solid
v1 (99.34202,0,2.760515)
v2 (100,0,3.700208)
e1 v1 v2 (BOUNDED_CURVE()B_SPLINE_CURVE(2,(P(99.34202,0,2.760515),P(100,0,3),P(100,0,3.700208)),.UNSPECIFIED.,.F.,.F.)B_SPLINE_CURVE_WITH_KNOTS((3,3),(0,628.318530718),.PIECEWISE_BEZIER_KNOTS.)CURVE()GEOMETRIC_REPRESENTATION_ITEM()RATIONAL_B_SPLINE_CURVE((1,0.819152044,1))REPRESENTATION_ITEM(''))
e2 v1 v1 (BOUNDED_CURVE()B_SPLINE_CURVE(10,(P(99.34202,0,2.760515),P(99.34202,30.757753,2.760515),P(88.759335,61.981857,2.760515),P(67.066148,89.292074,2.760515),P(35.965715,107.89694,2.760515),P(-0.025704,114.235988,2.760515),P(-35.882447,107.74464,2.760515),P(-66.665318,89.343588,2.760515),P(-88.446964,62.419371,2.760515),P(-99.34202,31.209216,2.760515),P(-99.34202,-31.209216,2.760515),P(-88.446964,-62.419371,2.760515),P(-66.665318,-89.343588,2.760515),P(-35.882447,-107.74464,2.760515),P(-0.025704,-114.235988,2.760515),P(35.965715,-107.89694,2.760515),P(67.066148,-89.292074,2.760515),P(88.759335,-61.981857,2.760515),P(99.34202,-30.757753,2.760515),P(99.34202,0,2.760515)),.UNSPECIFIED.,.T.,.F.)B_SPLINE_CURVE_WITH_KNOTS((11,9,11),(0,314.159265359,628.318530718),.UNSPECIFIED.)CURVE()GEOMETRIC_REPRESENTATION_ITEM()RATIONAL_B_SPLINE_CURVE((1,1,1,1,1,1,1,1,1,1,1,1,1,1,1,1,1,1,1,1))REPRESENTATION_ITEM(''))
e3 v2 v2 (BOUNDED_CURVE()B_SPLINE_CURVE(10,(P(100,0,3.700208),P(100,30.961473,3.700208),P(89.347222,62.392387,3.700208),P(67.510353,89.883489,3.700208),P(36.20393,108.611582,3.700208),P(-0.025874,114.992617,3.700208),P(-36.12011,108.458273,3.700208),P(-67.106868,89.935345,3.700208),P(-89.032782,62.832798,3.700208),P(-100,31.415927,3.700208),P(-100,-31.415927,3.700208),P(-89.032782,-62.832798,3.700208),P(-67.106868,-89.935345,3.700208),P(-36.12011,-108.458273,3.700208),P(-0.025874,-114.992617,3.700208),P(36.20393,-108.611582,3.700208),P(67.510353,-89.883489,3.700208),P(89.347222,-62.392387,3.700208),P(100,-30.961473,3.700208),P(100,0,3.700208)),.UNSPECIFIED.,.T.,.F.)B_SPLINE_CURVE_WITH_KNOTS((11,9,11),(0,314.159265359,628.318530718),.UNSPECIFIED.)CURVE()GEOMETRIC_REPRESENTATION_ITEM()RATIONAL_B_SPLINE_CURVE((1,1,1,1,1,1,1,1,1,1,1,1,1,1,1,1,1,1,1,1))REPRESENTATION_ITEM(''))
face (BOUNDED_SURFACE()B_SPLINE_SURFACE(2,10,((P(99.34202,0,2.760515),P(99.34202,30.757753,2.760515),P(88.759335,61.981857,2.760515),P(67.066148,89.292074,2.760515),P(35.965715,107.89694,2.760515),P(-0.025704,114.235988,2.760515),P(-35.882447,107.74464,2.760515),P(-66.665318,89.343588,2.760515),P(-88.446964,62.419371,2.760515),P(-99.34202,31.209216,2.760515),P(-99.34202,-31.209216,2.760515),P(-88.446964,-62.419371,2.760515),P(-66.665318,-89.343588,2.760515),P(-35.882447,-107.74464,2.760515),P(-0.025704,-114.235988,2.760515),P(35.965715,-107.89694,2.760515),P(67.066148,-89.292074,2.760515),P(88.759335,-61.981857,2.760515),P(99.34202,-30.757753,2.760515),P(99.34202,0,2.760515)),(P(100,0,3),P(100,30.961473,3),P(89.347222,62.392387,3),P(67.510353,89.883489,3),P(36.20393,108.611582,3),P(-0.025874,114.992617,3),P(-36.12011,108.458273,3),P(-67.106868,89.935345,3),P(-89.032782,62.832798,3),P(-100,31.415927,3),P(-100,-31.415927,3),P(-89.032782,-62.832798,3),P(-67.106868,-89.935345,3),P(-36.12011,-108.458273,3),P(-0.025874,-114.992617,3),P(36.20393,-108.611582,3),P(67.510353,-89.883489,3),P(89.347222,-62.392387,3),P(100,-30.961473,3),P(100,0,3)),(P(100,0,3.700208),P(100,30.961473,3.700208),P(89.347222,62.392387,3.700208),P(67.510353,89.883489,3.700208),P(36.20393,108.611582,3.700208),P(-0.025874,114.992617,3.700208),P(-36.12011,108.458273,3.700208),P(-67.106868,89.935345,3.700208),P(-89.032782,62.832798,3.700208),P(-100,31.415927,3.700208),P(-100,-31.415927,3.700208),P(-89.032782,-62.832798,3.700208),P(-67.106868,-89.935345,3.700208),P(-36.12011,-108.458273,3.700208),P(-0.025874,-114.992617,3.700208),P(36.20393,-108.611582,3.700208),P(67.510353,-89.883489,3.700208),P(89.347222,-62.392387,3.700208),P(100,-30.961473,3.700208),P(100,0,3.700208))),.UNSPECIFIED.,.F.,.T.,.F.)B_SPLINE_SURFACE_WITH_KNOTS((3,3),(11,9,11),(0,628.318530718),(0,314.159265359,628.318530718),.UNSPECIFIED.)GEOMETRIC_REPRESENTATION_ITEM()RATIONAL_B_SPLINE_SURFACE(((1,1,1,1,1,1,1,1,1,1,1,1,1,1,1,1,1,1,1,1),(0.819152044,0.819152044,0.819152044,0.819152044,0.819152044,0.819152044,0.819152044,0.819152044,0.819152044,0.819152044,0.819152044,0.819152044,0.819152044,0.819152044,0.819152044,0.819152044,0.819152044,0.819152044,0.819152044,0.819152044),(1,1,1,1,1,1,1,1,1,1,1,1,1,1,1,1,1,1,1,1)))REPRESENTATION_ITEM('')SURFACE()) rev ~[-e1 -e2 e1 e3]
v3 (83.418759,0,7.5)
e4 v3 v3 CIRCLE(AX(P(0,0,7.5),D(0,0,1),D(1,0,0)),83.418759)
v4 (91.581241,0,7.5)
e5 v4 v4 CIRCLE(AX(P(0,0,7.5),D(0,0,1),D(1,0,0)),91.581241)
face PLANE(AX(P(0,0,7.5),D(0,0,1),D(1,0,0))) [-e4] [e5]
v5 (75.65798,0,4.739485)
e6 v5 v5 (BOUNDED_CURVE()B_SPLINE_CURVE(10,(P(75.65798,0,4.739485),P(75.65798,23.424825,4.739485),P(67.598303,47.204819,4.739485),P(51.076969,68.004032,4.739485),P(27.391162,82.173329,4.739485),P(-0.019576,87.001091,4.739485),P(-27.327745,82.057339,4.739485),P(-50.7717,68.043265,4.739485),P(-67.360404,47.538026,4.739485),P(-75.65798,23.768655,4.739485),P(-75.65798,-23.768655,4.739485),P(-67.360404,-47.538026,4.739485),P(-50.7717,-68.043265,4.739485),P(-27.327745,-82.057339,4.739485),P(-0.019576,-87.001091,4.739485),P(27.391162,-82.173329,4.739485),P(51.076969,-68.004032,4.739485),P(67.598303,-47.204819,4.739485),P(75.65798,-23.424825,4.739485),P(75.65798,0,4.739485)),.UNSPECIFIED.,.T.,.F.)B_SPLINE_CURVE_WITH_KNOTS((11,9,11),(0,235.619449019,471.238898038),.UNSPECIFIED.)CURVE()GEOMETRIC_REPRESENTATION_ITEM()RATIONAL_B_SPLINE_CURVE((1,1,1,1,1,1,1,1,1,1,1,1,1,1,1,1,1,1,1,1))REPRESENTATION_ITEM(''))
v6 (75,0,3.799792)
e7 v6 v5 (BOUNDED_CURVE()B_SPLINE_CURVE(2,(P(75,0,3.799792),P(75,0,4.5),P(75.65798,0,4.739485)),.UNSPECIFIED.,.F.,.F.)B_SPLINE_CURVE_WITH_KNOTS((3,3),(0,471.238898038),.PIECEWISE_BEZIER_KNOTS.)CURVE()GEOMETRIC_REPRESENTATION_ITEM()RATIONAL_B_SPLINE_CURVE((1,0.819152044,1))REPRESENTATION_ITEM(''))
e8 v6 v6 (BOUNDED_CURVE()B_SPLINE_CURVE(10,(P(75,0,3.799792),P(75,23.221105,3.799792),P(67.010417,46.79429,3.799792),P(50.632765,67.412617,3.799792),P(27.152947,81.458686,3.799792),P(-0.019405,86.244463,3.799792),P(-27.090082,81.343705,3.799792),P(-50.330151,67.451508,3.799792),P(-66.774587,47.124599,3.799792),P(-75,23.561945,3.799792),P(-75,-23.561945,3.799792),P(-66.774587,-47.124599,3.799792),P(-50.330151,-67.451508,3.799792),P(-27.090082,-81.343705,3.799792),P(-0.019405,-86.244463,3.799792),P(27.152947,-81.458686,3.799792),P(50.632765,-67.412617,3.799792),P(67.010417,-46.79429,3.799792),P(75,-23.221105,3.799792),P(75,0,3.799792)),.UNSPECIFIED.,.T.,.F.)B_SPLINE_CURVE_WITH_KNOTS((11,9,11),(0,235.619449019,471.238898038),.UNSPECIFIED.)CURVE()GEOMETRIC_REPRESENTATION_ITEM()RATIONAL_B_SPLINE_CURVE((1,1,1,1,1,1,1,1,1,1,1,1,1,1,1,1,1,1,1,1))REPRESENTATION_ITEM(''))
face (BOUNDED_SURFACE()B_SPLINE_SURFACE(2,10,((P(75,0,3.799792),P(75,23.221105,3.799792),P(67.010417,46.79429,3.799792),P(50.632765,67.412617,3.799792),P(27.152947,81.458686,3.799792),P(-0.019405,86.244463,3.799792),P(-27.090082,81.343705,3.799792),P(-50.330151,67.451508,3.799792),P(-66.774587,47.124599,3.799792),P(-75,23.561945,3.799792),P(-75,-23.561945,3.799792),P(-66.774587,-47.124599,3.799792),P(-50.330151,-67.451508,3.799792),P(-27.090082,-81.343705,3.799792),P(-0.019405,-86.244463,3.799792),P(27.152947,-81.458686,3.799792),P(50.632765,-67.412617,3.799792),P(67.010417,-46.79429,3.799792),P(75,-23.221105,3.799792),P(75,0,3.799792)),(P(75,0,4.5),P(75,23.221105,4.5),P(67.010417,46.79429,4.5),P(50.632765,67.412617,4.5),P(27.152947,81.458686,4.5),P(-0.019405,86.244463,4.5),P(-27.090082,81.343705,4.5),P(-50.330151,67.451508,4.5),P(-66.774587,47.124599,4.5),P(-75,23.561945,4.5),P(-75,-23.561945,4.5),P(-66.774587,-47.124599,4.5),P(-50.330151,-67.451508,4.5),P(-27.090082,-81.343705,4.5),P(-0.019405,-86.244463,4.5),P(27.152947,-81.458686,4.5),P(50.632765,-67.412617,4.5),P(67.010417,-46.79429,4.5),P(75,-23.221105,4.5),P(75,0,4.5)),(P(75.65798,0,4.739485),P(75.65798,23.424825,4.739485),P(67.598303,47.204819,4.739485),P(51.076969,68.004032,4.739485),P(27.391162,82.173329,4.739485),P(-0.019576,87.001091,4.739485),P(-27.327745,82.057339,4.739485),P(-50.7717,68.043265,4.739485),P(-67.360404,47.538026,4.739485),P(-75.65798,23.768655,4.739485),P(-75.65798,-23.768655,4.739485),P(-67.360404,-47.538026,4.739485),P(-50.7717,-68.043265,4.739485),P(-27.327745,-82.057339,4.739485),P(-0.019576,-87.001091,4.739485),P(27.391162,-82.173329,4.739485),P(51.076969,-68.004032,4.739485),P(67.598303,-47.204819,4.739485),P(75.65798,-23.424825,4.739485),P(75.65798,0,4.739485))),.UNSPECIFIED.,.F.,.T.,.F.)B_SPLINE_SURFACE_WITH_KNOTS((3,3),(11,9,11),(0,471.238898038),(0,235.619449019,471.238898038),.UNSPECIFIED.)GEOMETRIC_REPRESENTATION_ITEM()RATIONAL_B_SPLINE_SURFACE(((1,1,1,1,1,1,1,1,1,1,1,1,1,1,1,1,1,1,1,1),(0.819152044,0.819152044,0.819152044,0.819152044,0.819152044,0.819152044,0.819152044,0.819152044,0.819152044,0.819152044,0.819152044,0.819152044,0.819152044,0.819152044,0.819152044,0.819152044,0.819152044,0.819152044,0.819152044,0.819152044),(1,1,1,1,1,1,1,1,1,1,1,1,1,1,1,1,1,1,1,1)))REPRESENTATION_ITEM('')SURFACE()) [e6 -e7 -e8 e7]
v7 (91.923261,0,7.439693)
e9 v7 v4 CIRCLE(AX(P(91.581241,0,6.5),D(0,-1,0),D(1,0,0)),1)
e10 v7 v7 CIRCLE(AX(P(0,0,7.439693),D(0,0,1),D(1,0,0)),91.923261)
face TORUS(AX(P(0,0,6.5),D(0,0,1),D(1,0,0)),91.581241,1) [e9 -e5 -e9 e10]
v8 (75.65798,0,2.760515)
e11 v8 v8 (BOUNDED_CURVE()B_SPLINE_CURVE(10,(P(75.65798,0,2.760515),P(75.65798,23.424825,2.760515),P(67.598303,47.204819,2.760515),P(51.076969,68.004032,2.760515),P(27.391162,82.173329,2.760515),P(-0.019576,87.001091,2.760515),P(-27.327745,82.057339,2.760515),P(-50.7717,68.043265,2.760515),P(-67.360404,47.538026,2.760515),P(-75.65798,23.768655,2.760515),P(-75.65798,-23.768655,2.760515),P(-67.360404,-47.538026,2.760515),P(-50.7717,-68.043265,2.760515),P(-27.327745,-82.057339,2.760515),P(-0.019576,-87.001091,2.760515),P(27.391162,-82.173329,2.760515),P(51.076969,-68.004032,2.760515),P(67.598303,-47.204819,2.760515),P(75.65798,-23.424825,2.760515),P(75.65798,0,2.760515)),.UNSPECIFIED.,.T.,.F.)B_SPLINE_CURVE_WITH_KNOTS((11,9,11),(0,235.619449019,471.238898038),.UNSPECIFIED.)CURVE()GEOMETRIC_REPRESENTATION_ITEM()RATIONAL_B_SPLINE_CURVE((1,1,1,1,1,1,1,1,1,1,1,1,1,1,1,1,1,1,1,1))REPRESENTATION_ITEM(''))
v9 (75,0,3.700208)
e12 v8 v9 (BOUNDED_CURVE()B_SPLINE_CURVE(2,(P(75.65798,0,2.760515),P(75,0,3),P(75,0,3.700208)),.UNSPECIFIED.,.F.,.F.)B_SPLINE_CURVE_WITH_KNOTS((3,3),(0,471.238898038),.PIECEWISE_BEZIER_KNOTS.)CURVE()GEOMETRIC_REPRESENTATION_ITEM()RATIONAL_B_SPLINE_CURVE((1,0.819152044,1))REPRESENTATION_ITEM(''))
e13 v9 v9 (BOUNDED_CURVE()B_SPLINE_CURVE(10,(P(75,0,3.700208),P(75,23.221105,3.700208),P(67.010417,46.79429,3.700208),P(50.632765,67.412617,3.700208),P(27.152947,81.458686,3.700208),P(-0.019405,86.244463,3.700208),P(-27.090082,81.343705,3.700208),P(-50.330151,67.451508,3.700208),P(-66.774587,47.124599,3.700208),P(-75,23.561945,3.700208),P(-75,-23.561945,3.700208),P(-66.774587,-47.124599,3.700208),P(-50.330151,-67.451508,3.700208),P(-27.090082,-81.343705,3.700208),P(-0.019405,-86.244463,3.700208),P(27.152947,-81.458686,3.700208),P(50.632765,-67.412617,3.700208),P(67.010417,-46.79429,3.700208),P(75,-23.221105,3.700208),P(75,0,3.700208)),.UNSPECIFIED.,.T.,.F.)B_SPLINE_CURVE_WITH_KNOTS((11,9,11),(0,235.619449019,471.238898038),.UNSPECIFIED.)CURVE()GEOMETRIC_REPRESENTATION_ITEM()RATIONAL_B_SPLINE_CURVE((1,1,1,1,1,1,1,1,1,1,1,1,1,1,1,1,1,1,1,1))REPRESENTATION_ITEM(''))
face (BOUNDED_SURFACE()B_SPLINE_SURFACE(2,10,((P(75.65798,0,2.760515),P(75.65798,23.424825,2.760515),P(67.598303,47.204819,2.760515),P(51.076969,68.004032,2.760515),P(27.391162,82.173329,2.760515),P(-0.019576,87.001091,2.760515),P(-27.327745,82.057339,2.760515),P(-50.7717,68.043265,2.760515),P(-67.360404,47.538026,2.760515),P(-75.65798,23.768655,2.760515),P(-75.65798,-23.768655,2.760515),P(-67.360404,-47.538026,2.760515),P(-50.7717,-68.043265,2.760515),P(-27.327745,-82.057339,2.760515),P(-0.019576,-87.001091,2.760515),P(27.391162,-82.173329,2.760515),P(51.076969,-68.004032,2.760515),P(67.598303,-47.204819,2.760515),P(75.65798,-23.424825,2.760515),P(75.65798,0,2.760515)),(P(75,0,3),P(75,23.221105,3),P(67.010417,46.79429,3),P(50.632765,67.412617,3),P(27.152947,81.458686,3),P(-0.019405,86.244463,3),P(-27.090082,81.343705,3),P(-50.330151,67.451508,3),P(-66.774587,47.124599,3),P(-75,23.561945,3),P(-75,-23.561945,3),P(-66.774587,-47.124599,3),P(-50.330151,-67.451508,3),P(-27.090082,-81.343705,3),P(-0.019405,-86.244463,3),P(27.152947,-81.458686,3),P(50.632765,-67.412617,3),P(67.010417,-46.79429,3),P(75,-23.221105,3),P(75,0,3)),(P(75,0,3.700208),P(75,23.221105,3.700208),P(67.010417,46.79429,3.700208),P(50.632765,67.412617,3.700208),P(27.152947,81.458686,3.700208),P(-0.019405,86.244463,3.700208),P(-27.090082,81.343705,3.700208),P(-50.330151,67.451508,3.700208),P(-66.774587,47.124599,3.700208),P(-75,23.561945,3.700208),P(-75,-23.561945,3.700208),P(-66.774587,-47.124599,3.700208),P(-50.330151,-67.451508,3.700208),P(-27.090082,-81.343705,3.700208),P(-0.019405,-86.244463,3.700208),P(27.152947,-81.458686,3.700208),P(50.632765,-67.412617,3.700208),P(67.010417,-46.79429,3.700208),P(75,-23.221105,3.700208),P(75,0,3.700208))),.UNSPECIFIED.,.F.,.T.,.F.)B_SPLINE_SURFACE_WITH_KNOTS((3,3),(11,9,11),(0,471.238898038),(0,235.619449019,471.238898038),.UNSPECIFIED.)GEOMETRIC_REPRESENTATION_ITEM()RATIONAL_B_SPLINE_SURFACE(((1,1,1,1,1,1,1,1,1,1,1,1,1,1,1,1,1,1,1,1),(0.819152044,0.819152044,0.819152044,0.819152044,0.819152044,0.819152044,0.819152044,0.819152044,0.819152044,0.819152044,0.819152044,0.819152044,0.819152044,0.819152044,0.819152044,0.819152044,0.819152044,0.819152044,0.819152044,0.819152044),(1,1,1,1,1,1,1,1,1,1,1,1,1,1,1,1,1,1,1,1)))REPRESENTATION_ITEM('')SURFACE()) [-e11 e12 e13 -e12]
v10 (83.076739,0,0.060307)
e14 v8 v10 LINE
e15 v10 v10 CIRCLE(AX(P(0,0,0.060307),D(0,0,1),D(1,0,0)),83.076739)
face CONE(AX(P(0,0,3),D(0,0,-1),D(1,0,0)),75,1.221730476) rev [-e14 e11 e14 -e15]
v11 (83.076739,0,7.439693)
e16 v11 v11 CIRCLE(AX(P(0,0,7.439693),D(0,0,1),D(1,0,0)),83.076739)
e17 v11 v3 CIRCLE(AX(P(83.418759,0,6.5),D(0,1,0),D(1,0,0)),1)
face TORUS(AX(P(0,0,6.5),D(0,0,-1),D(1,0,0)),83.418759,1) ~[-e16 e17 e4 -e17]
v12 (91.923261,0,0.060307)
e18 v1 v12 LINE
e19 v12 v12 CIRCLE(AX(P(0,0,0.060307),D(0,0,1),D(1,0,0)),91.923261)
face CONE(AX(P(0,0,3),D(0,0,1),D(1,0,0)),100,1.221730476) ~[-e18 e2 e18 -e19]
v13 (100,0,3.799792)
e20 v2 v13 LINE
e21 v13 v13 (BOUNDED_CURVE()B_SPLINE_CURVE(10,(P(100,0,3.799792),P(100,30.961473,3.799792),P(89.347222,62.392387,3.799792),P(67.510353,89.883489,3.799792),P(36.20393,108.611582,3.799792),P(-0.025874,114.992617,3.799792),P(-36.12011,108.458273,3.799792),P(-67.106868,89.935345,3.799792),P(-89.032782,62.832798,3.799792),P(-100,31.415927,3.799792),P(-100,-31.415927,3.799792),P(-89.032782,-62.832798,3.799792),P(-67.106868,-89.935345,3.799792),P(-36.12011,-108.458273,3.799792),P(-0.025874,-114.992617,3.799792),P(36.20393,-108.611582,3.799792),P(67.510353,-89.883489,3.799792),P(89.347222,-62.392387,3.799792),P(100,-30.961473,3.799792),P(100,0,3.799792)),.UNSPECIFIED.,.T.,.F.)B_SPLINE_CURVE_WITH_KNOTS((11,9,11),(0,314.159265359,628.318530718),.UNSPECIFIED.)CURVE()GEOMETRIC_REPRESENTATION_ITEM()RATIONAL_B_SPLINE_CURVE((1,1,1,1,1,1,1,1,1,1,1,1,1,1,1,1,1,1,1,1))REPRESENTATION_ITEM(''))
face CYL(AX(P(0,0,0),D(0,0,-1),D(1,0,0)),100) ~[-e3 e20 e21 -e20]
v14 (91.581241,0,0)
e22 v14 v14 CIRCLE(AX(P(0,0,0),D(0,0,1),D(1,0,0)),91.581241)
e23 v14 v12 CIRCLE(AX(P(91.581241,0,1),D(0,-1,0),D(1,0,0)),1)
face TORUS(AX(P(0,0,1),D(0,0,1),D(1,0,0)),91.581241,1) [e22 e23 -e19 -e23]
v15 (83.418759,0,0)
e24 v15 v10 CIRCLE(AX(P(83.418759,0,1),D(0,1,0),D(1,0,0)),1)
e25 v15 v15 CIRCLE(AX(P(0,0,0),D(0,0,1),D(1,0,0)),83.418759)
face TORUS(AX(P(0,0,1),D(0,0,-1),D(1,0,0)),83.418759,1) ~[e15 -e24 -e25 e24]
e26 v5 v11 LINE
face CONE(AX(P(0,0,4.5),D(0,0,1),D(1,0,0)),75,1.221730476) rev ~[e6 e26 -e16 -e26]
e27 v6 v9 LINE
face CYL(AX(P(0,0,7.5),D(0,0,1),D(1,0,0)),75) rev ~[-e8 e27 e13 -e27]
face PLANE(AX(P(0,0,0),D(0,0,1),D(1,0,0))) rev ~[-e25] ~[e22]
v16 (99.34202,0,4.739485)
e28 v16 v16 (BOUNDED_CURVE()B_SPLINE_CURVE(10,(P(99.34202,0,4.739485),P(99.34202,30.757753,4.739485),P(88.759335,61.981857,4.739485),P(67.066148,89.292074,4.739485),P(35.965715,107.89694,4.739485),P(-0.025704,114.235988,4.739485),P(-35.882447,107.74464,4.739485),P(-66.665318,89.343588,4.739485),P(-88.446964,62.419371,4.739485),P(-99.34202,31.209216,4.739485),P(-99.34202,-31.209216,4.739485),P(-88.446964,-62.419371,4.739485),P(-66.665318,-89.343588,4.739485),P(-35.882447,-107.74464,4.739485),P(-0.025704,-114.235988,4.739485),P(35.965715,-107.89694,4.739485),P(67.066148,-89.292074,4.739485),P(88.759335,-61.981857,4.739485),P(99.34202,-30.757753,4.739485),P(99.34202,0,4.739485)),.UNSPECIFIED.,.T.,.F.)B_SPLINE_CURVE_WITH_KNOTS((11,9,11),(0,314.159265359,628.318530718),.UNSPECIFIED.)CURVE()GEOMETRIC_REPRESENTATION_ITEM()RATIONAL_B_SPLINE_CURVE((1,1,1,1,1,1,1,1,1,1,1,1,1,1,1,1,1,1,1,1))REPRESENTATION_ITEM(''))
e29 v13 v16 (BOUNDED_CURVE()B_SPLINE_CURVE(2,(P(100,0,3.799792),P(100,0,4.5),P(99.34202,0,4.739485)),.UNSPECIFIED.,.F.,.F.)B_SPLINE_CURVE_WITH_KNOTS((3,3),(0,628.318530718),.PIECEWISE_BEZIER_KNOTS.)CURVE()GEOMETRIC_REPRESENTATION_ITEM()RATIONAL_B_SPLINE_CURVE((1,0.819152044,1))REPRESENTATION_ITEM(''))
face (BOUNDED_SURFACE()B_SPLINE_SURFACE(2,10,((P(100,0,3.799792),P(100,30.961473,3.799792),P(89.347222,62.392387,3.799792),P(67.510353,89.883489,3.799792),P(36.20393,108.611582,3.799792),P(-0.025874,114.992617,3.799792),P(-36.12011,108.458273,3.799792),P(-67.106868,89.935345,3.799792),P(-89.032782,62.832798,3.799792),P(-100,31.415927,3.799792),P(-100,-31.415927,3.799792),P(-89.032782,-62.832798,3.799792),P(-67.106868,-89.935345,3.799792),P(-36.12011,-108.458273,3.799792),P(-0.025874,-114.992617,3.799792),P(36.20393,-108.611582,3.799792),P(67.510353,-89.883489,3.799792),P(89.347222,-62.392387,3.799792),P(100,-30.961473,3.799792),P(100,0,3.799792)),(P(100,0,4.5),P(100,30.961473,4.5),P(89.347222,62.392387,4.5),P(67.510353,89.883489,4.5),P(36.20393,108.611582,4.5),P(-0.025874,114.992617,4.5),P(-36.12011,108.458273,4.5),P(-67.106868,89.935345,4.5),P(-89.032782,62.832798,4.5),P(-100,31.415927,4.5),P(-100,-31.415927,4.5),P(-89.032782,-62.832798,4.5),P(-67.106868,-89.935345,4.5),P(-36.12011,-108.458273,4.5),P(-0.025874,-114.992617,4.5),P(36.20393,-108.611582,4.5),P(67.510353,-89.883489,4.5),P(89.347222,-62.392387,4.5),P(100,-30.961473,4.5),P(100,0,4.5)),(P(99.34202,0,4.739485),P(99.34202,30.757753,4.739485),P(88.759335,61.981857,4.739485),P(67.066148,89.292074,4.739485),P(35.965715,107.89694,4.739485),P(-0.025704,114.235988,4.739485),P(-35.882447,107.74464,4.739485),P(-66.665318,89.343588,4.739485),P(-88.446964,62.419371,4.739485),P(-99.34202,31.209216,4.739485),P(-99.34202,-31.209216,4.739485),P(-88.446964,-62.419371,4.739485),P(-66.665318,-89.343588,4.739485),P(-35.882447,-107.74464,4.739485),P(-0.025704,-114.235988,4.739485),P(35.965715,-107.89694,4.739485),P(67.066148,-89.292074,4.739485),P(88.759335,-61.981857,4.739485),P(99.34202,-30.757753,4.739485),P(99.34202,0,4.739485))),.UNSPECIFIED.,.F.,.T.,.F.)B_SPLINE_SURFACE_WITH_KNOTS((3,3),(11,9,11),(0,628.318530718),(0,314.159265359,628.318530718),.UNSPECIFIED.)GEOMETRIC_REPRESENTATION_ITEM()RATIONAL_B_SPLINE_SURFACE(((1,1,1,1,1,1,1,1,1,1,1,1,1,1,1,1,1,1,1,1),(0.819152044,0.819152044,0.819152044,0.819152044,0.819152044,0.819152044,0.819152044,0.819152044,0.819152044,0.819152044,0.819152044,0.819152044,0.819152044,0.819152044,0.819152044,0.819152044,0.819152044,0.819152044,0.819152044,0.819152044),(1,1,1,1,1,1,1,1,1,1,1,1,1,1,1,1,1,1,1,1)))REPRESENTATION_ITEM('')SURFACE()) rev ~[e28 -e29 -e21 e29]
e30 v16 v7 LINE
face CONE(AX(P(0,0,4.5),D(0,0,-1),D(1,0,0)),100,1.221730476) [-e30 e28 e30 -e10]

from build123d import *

# Parameters (mm, degrees)
F0_R       = 100
F1_DEPTH   = 7.5
F2_R       = 75
F3_DEPTH   = 25
F4_SIZE2   = 8.2424322584
F4_SIZE    = 3
F4_2_SIZE2 = 8.2424322584
F4_2_SIZE  = 3
F5_R       = 1


with BuildPart() as f1:
    # F0 (on Top) → F1 (new body)
    with BuildSketch(Plane.XY):
        Circle(F0_R)
    extrude(amount=F1_DEPTH)

    # F2 (on face) → F3 (cut)
    with BuildSketch(Plane.XY.offset(7.5)):
        Circle(F2_R)
    extrude(amount=-F3_DEPTH, mode=Mode.SUBTRACT)

    # F4
    f4_edges = [f1.edges().sort_by_distance(p)[0] for p in [
        (-100, 0, 0),
        (-100, 0, 7.5),
    ]]
    f4_side = f1.faces().sort_by_distance((-100, 0, 3.75))[0]
    chamfer(f4_edges, length=F4_SIZE, length2=F4_SIZE2, reference=f4_side)

    # F4#2
    f4_2_edges = [f1.edges().sort_by_distance(p)[0] for p in [
        (-75, 0, 0),
        (-75, 0, 7.5),
    ]]
    f4_2_side = f1.faces().sort_by_distance((-75, 0, 3.75))[0]
    chamfer(f4_2_edges, length=F4_2_SIZE, length2=F4_2_SIZE2, reference=f4_2_side)

    # F5
    f5_edges = [f1.edges().sort_by_distance(p)[0] for p in [
        (-100, 0, 3),
        (-100, 0, 4.5),
        (-91.757568, 0, 0),
        (-83.242432, 0, 0),
        (-75, 0, 3),
        (-75, 0, 4.5),
        (-91.757568, 0, 7.5),
        (-83.242432, 0, 7.5),
    ]]
    fillet(f5_edges, radius=F5_R)


solid = f1.part
